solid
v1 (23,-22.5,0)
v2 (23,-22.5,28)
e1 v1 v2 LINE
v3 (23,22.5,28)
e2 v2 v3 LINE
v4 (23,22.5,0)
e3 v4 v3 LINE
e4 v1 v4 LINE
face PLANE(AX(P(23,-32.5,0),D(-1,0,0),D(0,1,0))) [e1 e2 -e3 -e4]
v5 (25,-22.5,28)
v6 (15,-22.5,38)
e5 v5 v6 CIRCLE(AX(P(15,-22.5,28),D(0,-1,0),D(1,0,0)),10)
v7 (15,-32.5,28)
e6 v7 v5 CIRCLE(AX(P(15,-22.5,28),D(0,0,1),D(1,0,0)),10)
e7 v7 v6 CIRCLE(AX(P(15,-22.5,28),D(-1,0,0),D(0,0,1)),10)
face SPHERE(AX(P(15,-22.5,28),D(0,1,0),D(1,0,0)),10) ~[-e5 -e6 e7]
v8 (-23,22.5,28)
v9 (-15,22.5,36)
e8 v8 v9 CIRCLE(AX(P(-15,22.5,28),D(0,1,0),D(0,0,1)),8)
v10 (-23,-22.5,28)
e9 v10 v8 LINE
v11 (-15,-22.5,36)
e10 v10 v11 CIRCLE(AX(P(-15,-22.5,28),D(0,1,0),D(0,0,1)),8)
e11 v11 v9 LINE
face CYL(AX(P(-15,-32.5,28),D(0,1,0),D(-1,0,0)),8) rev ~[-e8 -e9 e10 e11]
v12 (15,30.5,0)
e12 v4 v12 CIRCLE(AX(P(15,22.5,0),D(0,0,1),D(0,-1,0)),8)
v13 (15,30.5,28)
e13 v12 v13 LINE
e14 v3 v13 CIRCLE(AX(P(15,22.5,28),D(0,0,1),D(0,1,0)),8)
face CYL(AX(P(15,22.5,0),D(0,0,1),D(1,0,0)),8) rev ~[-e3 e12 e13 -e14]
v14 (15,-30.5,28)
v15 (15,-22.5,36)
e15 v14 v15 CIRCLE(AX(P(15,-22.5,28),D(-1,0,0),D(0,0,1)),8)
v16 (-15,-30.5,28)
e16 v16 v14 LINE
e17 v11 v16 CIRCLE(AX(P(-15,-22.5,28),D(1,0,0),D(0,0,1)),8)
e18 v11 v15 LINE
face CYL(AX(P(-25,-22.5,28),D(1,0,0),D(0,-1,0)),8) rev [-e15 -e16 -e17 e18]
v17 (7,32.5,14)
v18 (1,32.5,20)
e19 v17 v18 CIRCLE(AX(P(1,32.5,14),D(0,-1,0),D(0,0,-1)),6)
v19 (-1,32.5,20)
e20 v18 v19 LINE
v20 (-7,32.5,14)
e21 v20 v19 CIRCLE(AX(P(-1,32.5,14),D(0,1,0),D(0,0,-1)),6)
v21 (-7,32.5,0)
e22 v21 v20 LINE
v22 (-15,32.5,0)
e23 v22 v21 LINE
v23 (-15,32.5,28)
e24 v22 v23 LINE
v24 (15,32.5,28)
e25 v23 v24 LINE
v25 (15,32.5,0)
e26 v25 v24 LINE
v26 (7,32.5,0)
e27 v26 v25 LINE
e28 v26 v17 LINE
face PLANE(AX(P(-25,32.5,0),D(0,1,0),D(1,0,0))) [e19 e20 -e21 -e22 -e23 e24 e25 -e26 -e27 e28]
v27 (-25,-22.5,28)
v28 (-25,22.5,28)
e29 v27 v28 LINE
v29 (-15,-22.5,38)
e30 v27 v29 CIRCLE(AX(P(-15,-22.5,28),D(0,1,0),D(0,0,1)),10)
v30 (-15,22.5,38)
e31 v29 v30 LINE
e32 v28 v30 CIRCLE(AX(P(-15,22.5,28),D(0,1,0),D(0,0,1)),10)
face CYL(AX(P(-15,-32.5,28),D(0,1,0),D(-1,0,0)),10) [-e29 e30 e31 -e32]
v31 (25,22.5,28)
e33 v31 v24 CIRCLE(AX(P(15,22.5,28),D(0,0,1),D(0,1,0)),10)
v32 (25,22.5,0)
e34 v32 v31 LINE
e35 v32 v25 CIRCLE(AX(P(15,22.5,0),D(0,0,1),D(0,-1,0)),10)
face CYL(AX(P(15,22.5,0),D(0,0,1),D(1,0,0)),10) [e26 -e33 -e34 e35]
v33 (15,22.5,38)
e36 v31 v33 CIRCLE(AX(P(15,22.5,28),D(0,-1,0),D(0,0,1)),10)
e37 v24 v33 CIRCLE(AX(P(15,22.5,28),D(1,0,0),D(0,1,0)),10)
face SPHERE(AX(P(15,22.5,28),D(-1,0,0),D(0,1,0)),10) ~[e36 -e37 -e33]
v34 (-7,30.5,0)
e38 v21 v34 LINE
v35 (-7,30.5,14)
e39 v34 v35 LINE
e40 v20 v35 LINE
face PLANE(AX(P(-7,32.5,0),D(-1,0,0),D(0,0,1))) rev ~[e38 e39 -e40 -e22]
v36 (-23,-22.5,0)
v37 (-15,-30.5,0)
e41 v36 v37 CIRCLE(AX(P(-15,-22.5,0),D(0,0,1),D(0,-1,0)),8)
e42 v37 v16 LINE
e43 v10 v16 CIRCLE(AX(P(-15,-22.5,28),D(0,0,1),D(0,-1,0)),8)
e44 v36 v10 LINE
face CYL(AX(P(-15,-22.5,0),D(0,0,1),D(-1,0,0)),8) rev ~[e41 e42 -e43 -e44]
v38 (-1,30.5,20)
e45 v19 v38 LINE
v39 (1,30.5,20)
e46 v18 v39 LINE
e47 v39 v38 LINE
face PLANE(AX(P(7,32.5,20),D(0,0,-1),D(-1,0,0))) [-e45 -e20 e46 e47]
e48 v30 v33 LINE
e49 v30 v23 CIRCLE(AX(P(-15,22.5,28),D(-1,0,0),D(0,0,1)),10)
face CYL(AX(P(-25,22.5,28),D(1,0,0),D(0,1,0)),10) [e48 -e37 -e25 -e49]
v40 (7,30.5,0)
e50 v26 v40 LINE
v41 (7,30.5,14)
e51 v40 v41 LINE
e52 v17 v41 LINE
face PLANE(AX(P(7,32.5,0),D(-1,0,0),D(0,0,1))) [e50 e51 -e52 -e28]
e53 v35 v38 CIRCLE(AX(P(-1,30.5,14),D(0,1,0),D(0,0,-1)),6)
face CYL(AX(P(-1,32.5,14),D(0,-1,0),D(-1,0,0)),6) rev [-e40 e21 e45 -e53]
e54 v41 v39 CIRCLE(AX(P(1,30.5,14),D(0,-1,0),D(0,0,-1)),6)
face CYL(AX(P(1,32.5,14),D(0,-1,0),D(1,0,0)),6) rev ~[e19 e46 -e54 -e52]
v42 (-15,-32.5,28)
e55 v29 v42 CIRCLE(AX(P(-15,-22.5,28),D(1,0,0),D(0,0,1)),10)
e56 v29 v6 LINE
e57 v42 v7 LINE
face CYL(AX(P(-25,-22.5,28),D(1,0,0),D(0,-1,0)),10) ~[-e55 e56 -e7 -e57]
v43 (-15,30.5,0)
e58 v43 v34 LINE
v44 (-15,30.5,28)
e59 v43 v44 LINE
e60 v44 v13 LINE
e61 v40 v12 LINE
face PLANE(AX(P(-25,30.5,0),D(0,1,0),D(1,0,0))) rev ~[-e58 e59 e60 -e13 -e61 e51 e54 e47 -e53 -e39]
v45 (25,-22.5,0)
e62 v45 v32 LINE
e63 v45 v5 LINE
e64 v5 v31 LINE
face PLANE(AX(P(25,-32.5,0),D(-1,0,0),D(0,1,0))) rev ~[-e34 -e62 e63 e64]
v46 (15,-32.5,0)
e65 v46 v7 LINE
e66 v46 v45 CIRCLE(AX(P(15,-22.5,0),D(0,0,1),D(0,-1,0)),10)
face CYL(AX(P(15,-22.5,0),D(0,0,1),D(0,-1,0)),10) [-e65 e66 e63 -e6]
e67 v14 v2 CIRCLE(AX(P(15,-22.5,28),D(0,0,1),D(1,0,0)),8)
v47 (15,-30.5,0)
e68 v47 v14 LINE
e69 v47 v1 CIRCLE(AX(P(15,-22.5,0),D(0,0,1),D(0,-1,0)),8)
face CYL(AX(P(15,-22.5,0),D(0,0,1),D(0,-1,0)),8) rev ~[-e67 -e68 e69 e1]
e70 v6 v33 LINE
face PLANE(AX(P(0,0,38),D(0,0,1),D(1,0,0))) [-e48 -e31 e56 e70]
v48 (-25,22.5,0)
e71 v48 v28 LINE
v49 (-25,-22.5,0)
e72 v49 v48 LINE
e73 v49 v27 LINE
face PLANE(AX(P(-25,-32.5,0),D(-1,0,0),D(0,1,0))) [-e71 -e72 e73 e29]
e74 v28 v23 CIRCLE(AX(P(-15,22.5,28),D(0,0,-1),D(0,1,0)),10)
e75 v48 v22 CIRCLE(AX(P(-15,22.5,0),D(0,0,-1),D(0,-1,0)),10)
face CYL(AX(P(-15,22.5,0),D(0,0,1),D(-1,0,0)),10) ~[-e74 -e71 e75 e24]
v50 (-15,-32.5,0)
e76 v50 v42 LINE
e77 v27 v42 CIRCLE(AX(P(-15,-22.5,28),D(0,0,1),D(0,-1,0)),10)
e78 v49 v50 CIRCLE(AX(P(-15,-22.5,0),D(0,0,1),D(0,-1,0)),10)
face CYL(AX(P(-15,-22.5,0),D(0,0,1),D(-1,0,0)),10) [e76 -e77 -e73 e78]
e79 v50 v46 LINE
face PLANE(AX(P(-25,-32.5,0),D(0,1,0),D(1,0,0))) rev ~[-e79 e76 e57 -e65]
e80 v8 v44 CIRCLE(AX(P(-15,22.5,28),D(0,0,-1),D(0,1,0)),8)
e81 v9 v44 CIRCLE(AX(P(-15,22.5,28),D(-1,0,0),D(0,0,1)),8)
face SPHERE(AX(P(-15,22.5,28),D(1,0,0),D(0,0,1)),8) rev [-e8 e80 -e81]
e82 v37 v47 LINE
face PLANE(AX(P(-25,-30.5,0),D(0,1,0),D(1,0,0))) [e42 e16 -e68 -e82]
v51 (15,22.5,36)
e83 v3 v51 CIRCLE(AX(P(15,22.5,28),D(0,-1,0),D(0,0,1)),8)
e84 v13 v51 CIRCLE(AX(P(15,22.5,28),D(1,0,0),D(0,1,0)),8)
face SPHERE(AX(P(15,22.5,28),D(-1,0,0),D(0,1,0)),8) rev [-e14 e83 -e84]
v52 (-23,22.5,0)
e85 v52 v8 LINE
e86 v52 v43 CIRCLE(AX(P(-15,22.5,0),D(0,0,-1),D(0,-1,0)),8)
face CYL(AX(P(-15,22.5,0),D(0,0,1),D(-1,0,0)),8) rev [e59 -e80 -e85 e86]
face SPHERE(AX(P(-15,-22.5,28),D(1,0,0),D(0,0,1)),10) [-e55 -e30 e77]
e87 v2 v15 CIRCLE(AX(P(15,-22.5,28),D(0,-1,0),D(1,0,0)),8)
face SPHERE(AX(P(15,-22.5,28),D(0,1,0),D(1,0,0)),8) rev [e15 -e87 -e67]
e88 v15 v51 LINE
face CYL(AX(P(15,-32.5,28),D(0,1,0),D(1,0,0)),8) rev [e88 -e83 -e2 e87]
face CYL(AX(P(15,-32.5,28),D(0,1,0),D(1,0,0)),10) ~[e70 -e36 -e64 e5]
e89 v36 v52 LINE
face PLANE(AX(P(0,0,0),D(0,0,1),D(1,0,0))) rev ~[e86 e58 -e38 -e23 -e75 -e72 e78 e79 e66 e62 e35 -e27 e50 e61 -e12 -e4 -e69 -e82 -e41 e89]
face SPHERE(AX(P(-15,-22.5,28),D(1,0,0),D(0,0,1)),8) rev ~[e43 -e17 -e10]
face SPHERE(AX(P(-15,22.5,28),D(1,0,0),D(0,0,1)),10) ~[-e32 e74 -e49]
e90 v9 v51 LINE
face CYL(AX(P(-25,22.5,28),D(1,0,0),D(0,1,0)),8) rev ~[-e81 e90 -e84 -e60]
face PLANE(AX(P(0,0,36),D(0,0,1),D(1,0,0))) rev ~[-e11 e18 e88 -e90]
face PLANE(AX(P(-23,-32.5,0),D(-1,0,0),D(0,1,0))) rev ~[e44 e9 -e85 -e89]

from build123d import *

# Parameters (mm, degrees)
F0_W     = 50
F0_H     = 65
F1_DEPTH = 38
F2_R     = 10
F3_T     = -2
F4_W     = 14
F4_H     = 20
F5_DEPTH = 25
F6_R     = 6


with BuildPart() as f1:
    # F0 (on Top) → F1 (new body)
    with BuildSketch(Plane.XY):
        Rectangle(F0_W, F0_H)
    extrude(amount=F1_DEPTH)

    # F2
    f2_edges = [f1.edges().sort_by_distance(p)[0] for p in [
        (0, 32.5, 38),
        (25, 32.5, 19),
        (25, 0, 38),
        (25, -32.5, 19),
        (0, -32.5, 38),
        (-25, 0, 38),
        (-25, 32.5, 19),
        (-25, -32.5, 19),
    ]]
    fillet(f2_edges, radius=F2_R)

    # F3
    f3_openings = [f1.faces().sort_by_distance(p)[0] for p in [
        (0, 0, 0),
    ]]
    offset(amount=F3_T, openings=f3_openings)

    # F4 (on face) → F5 (cut)
    with BuildSketch(Plane(origin=(0, 32.5, 0), x_dir=(-1, 0, 0), z_dir=(0, 1, 0))):
        with Locations((0, 10)):
            Rectangle(F4_W, F4_H)
    extrude(amount=-F5_DEPTH, mode=Mode.SUBTRACT)

    # F6
    f6_edges = [f1.edges().sort_by_distance(p)[0] for p in [
        (7, 31.5, 20),
        (-7, 31.5, 20),
    ]]
    fillet(f6_edges, radius=F6_R)


solid = f1.part
